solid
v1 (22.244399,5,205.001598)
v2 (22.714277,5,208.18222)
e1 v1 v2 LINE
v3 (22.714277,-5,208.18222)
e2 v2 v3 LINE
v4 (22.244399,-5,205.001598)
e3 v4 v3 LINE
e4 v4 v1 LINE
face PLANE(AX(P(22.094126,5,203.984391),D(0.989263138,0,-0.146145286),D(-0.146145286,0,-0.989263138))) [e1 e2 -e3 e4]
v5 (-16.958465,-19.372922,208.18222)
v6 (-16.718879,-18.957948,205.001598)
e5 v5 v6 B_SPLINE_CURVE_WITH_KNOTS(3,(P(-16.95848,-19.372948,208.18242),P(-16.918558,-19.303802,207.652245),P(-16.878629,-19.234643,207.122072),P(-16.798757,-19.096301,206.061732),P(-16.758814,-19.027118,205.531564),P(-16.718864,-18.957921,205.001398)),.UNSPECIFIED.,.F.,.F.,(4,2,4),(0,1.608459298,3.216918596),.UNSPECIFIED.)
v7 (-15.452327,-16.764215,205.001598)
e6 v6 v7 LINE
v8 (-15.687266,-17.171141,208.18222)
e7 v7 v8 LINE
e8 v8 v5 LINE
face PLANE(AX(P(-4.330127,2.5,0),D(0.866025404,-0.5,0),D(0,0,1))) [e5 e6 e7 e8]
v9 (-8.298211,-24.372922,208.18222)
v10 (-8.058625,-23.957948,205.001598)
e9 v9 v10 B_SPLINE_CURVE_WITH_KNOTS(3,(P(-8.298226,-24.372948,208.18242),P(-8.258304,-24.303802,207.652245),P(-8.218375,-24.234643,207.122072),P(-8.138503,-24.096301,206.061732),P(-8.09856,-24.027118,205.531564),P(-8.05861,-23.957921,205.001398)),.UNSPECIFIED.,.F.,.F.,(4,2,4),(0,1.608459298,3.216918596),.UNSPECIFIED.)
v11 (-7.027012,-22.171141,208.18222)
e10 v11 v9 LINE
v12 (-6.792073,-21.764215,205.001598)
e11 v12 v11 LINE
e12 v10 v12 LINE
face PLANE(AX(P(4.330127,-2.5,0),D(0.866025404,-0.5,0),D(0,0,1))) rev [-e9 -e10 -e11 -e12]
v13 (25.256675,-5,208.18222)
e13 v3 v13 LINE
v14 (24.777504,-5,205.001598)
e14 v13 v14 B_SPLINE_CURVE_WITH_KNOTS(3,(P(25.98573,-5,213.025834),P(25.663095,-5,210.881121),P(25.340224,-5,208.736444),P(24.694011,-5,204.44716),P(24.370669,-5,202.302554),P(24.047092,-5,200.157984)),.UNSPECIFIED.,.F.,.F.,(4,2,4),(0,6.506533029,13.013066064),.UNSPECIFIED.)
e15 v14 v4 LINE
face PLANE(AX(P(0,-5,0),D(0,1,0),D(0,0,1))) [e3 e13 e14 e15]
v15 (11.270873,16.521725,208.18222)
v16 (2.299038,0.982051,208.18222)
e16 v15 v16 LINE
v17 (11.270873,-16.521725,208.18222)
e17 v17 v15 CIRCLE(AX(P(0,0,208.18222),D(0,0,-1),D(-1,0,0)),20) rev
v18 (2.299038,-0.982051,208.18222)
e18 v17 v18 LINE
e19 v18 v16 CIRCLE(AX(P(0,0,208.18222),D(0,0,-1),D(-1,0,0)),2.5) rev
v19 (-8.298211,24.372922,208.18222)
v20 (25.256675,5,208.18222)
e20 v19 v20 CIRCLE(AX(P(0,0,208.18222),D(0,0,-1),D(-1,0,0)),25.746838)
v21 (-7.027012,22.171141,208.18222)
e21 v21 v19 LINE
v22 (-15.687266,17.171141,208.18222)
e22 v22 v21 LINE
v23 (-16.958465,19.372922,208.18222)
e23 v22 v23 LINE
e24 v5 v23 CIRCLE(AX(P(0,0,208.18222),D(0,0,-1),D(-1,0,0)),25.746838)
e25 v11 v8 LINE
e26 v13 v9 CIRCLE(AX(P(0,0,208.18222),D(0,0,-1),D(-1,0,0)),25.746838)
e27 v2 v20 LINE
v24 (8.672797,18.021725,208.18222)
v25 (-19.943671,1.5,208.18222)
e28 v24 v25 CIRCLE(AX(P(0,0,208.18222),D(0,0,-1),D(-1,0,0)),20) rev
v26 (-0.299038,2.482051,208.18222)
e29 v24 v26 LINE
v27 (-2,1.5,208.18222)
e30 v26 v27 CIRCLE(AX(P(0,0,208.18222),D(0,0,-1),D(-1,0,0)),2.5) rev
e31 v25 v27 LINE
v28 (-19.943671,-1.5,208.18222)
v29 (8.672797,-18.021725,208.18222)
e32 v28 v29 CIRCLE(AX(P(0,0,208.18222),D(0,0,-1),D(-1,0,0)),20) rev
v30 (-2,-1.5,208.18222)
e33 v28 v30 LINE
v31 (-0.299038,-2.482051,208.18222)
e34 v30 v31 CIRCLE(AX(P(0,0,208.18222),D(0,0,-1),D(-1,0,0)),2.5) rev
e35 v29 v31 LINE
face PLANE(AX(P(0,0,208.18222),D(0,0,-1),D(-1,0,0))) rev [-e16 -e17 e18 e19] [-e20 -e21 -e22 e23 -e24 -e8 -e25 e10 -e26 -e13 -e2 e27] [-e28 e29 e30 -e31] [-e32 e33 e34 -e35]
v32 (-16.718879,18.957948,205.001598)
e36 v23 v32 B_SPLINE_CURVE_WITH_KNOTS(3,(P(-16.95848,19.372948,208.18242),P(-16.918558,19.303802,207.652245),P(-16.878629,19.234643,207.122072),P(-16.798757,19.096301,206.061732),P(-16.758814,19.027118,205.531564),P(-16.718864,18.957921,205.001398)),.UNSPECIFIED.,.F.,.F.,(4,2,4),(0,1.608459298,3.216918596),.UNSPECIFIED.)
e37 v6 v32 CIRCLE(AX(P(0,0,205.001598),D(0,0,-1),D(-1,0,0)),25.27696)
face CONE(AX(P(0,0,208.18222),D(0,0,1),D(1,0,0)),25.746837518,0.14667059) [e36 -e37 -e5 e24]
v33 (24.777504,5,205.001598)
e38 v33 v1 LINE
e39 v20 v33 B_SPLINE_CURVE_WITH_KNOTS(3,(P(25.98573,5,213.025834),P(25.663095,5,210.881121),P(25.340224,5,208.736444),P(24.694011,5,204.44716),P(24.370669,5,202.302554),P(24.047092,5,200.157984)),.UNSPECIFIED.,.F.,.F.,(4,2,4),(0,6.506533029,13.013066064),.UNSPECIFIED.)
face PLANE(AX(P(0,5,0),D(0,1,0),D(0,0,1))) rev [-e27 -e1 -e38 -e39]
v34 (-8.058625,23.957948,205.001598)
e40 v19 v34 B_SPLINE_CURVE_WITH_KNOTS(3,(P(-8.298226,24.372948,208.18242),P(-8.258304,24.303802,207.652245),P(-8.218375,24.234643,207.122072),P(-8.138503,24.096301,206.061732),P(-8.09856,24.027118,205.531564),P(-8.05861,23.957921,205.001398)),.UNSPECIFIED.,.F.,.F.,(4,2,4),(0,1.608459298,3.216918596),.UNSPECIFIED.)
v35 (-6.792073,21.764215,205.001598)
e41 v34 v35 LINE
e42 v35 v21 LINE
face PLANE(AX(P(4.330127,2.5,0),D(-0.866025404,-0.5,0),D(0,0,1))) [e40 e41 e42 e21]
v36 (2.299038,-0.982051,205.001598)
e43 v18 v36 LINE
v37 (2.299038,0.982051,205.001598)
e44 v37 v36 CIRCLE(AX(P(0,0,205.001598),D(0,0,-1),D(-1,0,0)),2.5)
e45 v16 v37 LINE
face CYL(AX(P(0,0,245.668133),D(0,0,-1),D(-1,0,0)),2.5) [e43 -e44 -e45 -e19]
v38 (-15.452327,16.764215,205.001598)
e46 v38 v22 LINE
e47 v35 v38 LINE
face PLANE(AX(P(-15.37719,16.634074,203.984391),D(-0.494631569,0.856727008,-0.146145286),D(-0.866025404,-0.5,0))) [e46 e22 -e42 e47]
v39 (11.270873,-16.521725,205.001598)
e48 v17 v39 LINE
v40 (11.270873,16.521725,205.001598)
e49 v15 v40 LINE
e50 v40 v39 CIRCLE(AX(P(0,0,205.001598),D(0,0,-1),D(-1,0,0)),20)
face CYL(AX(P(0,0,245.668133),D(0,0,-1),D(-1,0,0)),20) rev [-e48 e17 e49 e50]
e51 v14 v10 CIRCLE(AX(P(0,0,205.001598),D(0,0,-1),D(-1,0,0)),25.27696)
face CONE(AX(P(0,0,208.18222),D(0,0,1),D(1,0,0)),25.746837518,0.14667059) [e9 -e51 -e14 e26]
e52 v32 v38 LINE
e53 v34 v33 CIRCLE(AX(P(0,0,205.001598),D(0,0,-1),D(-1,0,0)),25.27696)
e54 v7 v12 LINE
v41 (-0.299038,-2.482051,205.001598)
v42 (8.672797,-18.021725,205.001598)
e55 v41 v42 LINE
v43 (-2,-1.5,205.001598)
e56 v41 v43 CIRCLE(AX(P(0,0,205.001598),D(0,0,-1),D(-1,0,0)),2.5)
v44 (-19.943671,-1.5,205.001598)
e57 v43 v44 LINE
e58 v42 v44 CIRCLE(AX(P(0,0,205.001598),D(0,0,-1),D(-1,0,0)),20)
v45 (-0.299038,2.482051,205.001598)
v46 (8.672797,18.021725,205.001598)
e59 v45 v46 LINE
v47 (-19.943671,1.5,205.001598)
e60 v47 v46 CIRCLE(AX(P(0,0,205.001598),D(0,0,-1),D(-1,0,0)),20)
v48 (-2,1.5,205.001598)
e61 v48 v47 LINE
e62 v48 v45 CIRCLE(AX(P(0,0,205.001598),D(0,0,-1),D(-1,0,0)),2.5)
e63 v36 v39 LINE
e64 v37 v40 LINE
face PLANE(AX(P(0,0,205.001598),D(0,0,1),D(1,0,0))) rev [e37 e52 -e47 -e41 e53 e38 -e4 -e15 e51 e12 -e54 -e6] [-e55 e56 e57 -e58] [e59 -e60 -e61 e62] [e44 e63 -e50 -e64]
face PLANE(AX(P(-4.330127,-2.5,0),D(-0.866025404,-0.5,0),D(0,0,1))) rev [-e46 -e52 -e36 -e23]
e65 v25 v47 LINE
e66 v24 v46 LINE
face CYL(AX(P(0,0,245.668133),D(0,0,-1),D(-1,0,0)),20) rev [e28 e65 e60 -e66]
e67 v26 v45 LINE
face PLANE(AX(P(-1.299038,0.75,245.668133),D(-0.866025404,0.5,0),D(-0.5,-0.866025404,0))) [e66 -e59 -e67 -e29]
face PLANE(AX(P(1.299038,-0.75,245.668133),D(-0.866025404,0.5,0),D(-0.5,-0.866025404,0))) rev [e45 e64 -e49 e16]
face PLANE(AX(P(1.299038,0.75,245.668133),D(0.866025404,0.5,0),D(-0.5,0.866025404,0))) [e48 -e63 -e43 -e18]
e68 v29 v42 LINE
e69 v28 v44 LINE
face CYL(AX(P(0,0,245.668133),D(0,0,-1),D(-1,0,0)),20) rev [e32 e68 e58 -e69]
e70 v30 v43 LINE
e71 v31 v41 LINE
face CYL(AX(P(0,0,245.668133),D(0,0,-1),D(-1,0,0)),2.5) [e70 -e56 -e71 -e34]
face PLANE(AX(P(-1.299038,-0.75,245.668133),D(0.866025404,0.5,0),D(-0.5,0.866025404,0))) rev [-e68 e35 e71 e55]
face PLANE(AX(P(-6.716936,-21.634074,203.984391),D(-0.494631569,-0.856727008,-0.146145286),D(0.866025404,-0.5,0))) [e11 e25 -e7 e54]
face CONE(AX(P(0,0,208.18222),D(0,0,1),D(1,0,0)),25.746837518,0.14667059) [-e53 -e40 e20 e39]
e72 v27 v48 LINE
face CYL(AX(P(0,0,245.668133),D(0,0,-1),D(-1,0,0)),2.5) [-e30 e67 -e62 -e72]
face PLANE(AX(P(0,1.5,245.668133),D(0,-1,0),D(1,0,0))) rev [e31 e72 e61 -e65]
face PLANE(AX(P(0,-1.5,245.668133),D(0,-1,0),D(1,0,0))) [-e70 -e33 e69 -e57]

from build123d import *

# Parameters (mm, degrees)
CUT_EXTRUDE1_DEPTH = 5
CIRPATTERN1_COUNT  = 3
CUT_EXTRUDE2_DEPTH = 3.180622175


with BuildPart() as part:
    # Sketch1 → Revolve1 (revolve)
    with BuildSketch(Plane(origin=(0, 0, 0), x_dir=(1, 0, 0), z_dir=(0, 1, 0)), mode=Mode.PRIVATE) as revolve1_sk:
        Polygon((0, -208.182219687), (25.746837518, -208.182219687), (25.276959566, -205.001597513), (0, -205.001597513), align=None)
    revolve(revolve1_sk.sketch.rotate(Axis((0, 0, 0), (0, 0, 1)), 180), axis=Axis((0, 0, 0), (0, 0, 1)))

    # Sketch2 → Cut-Extrude1 (cut, symmetric)
    with BuildSketch(Plane(origin=(0, 0, 0), x_dir=(1, 0, 0), z_dir=(0, 1, 0))):
        Polygon((22.094125947, -203.98439075), (22.850570101, -209.104790721), (26.737620159, -209.104790721), (25.746837518, -203.98439075), align=None)
    cut_extrude1 = extrude(amount=CUT_EXTRUDE1_DEPTH, both=True, mode=Mode.SUBTRACT)

    # CirPattern1: Cut-Extrude1 ×3 about axis
    cirpattern1_axis = Axis((0, 0, 0), (0, 0, 1))
    for i in range(1, CIRPATTERN1_COUNT):
        add(cut_extrude1.rotate(cirpattern1_axis, i * 360 / CIRPATTERN1_COUNT), mode=Mode.SUBTRACT)

    # Sketch3 → Cut-Extrude2 (cut)
    with BuildSketch(Plane(origin=(0, 0, 205.001597513), x_dir=(-1, 0, 0), z_dir=(0, 0, -1))):
        with BuildLine():
            Line((-11.270873443, -16.521725449), (-2.299038106, -0.982050808))
            ThreePointArc((-2.299038106, -0.982050808), (-2.5, 0), (-2.299038106, 0.982050808))
            Line((-2.299038106, 0.982050808), (-11.270873443, 16.521725449))
            ThreePointArc((-11.270873443, 16.521725449), (-20, 0), (-11.270873443, -16.521725449))
        make_face()
        with BuildLine():
            ThreePointArc((19.943670675, 1.5), (10, 17.320508076), (-8.672797232, 18.021725449))
            Line((-8.672797232, 18.021725449), (0.299038106, 2.482050808))
            ThreePointArc((0.299038106, 2.482050808), (1.25, 2.165063509), (2, 1.5))
            Line((2, 1.5), (19.943670675, 1.5))
        make_face()
        with BuildLine():
            Line((0.299038106, -2.482050808), (-8.672797232, -18.021725449))
            ThreePointArc((-8.672797232, -18.021725449), (10, -17.320508076), (19.943670675, -1.5))
            Line((19.943670675, -1.5), (2, -1.5))
            ThreePointArc((2, -1.5), (1.25, -2.165063509), (0.299038106, -2.482050808))
        make_face()
    extrude(amount=-CUT_EXTRUDE2_DEPTH, mode=Mode.SUBTRACT)


solid = part.part
